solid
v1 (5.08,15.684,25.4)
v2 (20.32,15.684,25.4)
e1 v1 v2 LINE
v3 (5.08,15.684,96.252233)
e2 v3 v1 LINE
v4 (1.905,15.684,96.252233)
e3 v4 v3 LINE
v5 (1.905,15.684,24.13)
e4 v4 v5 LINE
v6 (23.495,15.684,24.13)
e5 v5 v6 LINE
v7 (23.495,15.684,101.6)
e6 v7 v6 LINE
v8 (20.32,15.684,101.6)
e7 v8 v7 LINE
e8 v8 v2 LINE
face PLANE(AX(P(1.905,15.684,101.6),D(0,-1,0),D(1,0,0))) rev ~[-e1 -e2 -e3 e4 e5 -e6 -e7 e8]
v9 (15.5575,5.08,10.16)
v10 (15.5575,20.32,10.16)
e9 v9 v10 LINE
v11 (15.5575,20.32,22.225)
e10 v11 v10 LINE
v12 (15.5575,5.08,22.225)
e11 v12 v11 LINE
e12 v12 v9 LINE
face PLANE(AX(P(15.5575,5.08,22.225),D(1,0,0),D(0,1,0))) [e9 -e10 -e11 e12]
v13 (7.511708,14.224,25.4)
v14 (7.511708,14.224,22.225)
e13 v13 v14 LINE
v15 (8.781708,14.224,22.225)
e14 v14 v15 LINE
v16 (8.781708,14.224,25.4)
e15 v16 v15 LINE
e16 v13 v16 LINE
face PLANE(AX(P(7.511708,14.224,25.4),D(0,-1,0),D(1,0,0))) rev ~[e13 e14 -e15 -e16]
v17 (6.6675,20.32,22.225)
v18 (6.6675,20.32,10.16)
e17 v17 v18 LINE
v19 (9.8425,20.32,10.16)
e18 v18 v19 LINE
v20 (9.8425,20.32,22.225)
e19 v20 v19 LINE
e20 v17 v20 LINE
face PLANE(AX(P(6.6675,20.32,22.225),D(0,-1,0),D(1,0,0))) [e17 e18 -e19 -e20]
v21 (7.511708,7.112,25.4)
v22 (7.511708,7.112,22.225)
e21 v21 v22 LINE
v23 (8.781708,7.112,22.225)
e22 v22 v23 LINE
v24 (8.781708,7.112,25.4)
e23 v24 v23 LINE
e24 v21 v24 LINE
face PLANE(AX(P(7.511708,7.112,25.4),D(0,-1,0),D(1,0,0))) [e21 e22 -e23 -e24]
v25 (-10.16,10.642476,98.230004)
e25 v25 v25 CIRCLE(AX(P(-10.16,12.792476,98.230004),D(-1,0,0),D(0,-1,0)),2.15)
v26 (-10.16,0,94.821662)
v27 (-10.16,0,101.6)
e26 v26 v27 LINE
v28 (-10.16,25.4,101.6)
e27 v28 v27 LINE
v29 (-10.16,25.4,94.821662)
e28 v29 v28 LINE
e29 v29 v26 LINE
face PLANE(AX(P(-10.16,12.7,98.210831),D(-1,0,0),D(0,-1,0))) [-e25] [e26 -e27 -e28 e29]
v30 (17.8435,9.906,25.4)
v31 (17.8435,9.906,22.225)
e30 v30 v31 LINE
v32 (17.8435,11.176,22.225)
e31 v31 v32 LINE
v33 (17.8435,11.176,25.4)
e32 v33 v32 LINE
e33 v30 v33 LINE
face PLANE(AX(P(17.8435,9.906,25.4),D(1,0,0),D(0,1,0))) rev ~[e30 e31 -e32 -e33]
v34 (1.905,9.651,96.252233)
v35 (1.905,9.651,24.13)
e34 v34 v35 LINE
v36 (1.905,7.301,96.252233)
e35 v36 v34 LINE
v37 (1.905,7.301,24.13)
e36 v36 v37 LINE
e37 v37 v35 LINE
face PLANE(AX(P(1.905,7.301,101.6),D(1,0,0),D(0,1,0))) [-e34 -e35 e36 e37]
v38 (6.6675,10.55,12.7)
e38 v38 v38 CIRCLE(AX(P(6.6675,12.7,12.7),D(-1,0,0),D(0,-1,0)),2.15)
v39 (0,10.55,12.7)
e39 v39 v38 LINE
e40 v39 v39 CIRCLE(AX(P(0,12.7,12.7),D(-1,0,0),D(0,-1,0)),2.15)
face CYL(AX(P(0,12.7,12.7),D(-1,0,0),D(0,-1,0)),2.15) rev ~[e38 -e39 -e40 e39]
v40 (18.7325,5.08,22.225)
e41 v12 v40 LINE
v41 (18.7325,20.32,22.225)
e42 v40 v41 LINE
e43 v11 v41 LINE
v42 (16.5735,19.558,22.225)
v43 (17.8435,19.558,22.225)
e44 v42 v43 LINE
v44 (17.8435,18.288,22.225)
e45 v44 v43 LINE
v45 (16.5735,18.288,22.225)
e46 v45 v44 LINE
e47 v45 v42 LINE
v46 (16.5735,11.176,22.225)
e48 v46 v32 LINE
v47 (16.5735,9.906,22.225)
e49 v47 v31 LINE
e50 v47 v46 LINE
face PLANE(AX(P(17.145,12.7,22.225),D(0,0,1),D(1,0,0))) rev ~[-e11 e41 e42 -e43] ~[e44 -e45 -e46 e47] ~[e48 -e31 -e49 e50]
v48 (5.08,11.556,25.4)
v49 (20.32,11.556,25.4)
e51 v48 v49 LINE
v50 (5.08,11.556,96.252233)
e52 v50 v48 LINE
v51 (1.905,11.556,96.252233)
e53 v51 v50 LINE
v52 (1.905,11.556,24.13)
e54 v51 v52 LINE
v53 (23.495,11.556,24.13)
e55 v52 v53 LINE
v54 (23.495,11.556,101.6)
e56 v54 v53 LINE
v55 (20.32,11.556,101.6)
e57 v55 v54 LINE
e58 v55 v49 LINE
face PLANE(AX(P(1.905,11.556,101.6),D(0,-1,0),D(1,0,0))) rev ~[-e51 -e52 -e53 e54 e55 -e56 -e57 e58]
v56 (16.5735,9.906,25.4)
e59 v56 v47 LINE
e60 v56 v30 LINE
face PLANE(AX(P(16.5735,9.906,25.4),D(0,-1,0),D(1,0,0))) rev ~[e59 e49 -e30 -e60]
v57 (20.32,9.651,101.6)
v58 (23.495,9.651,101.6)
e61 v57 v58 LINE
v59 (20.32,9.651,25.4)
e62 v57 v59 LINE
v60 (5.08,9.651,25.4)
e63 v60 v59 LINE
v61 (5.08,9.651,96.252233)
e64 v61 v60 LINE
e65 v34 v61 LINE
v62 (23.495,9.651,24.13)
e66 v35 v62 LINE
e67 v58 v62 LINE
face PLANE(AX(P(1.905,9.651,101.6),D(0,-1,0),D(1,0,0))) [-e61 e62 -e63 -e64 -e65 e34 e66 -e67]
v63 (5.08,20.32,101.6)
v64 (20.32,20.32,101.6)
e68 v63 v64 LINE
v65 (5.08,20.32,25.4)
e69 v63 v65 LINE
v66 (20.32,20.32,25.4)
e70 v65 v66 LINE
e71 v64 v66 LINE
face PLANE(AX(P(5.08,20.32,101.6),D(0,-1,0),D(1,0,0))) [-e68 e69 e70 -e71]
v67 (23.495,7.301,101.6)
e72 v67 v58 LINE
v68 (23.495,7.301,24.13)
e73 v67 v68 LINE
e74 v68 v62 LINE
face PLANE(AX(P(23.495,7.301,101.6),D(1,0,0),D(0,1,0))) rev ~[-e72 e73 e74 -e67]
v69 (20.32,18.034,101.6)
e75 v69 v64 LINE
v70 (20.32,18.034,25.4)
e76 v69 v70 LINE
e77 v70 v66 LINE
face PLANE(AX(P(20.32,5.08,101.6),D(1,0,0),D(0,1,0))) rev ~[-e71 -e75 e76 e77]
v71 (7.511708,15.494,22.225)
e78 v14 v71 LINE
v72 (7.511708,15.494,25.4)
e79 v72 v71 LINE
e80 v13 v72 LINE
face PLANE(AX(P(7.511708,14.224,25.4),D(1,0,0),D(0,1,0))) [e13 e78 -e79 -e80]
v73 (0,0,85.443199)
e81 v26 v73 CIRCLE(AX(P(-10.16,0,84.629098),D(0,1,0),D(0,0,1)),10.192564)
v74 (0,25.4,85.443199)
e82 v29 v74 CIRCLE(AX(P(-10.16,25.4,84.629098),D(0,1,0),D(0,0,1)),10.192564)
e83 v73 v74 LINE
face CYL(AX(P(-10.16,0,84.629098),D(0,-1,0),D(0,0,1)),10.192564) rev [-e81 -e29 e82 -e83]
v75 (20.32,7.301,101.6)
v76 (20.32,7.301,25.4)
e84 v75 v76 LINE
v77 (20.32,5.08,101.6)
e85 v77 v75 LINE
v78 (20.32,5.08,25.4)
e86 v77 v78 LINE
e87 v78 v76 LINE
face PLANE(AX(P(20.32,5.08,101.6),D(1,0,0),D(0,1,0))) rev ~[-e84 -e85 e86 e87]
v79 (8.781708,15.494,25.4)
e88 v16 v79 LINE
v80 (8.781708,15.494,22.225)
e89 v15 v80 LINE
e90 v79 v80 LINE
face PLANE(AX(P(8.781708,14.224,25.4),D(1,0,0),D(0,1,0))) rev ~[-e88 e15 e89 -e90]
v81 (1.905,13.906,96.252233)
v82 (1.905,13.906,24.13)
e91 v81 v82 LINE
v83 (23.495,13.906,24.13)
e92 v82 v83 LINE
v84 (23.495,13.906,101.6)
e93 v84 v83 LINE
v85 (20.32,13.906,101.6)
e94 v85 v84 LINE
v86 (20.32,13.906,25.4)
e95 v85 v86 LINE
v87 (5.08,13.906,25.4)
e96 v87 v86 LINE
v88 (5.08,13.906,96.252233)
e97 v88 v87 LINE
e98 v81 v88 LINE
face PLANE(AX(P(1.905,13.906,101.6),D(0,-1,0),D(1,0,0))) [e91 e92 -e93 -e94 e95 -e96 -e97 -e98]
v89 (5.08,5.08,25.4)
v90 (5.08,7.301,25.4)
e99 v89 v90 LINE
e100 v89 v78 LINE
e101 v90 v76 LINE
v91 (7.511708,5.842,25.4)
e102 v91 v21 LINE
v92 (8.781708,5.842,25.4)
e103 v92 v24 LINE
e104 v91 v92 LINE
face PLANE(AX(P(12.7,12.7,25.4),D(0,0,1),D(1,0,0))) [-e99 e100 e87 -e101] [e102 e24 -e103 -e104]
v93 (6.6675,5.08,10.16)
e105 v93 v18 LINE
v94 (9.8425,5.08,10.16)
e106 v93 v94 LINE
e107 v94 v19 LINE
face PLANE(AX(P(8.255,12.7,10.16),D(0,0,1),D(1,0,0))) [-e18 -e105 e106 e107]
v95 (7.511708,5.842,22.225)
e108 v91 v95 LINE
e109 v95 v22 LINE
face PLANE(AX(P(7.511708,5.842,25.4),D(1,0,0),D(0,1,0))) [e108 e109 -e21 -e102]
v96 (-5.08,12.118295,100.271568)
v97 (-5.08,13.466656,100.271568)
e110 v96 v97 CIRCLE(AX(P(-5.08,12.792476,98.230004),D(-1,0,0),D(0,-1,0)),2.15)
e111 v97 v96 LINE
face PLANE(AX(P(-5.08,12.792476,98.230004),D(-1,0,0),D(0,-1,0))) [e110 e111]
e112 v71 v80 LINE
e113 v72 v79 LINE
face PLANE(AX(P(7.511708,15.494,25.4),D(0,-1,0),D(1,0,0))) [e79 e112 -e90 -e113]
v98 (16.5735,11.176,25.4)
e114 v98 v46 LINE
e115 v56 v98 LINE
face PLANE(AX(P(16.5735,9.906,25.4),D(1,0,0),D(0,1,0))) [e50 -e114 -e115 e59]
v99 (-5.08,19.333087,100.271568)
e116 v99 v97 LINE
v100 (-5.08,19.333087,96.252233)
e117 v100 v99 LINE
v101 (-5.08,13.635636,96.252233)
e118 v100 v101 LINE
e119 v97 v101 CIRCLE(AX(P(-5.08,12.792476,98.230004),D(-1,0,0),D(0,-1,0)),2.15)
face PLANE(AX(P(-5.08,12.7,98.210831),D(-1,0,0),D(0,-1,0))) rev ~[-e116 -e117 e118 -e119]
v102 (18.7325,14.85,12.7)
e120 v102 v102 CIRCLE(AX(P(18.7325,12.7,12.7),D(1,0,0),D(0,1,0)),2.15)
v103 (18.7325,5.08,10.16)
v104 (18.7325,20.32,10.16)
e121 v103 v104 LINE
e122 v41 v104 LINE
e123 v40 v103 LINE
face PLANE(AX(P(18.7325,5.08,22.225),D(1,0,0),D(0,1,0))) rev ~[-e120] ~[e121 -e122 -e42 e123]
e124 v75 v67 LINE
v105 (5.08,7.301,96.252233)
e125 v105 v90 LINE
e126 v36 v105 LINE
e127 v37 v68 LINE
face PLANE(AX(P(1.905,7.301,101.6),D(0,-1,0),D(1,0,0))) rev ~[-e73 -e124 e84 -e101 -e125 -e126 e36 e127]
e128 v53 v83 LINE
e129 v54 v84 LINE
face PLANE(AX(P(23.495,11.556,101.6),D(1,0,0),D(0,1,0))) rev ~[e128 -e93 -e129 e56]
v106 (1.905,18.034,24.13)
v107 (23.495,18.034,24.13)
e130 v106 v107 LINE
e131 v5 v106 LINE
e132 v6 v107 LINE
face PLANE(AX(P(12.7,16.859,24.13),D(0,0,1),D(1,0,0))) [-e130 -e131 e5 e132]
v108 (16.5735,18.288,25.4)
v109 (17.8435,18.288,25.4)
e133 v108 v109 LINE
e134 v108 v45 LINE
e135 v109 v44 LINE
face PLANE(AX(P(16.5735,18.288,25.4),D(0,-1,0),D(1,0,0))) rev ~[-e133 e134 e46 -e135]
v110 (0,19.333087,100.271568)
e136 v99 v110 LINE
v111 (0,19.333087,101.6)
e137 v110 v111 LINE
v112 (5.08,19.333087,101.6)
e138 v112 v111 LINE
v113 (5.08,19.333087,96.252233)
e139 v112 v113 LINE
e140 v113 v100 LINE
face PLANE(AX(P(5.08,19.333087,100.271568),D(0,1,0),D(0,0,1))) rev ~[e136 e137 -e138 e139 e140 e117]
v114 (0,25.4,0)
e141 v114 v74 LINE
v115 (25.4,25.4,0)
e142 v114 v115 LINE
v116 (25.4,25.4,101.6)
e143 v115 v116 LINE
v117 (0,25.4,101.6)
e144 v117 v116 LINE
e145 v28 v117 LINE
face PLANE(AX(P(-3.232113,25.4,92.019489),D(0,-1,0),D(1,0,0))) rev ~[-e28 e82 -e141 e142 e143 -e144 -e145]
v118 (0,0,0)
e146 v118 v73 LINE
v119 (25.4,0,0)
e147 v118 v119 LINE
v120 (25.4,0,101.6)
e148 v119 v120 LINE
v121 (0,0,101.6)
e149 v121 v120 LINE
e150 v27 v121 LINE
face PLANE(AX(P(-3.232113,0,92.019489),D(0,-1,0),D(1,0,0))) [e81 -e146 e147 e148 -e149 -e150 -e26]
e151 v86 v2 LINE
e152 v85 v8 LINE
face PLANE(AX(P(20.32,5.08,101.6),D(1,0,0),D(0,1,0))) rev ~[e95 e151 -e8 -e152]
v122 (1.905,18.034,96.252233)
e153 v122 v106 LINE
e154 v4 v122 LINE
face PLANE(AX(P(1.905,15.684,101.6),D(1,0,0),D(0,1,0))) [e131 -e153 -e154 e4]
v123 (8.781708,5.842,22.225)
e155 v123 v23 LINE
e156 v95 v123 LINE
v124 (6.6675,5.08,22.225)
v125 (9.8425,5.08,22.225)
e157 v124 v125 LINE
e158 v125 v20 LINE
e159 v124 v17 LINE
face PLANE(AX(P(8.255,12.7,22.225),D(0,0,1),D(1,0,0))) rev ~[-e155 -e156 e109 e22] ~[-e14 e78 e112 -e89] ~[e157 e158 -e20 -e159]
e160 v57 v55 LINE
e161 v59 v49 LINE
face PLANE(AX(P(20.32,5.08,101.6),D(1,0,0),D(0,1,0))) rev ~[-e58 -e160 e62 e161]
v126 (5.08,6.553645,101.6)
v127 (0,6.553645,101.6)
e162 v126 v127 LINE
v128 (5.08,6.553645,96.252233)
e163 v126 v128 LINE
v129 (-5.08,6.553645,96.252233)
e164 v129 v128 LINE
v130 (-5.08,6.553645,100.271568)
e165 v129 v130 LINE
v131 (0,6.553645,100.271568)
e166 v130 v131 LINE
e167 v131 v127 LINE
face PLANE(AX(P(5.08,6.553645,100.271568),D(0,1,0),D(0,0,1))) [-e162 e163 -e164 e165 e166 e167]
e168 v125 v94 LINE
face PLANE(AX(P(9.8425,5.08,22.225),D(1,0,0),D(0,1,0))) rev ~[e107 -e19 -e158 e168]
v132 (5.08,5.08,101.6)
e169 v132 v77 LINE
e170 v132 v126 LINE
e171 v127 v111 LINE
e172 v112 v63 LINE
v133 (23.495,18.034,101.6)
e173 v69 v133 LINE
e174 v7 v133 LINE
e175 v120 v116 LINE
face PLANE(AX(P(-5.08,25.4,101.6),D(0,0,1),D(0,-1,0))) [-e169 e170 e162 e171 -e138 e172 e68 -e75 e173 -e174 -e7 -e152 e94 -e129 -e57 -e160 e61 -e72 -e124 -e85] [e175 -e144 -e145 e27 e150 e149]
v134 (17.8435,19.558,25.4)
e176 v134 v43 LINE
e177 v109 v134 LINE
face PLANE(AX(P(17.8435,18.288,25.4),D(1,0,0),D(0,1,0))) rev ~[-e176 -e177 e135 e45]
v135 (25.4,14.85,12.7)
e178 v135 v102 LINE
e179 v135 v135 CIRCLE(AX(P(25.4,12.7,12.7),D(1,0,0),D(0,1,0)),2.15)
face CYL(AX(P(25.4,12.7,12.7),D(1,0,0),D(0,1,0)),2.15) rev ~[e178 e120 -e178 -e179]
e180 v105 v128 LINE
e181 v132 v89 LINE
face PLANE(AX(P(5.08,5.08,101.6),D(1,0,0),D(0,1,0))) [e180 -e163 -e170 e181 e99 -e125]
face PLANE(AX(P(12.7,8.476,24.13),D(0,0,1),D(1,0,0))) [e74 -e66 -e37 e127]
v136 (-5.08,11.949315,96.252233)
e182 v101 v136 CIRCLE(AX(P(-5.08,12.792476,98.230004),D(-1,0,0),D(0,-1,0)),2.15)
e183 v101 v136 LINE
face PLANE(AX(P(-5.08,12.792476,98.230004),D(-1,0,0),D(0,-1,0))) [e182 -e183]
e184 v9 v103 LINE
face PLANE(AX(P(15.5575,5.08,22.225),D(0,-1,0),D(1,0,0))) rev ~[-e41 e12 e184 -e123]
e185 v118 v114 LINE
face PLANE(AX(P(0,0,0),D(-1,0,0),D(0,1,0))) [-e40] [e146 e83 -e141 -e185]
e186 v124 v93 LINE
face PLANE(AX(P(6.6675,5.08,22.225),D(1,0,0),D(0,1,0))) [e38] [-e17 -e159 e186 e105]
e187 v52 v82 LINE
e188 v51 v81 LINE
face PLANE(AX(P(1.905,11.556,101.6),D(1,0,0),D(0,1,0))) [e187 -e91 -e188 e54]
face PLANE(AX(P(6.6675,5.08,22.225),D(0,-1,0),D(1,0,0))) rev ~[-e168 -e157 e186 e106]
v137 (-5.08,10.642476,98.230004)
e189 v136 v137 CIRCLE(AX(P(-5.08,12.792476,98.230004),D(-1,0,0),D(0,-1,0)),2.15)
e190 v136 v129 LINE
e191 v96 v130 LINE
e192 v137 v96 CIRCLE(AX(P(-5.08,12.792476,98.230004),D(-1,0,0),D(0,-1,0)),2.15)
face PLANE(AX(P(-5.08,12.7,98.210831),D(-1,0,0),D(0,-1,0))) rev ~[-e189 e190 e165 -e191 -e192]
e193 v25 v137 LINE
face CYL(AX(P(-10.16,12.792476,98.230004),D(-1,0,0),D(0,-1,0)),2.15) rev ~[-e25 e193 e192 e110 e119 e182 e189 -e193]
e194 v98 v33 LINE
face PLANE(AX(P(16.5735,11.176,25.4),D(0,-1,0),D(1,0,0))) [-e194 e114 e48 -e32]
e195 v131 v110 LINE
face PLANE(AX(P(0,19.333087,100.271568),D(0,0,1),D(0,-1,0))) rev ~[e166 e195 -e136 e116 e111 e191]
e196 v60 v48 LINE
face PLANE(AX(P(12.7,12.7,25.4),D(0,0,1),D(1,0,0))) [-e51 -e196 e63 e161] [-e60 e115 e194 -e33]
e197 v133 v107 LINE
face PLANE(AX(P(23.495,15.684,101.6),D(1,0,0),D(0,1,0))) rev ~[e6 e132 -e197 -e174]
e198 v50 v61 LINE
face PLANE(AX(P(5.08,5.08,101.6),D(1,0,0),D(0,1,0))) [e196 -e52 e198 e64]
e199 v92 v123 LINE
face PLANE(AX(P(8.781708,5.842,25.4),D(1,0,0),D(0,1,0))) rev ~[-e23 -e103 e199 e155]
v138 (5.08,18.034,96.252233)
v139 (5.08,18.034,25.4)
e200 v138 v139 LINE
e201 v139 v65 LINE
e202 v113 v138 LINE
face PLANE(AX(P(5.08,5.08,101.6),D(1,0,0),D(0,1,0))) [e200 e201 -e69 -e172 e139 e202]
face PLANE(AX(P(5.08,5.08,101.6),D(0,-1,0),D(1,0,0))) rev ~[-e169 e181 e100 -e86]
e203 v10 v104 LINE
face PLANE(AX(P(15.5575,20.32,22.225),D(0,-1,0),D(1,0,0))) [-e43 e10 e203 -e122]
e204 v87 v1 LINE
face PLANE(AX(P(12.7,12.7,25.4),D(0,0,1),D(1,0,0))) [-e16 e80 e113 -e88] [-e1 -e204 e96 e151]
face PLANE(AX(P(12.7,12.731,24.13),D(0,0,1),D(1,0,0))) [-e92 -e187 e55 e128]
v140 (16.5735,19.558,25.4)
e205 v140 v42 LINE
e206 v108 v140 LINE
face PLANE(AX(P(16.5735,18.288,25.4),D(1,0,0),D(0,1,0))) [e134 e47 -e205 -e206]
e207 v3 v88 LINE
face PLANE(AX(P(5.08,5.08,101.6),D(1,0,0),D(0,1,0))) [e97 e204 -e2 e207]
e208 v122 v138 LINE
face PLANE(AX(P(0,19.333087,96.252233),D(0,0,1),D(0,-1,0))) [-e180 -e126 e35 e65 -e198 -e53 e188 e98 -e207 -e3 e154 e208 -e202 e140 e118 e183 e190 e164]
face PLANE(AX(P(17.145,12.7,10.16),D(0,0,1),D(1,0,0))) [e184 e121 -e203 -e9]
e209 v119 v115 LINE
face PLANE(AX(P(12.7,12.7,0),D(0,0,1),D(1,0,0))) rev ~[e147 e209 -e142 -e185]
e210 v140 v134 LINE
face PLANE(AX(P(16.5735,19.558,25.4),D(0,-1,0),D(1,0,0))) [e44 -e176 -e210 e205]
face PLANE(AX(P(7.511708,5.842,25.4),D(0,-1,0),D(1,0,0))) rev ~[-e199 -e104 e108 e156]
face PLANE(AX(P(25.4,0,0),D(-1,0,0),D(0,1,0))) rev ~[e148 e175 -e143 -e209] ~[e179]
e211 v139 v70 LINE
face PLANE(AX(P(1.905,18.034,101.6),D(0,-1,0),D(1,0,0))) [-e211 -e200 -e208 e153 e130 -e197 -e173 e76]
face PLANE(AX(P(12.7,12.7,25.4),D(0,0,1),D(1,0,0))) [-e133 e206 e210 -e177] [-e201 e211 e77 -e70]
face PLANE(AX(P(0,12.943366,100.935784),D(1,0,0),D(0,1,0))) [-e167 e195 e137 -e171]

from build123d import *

# Parameters (mm, degrees)
F0_W      = 25.4
F0_H      = 25.4
F1_DEPTH  = 101.6
F2_W      = 15.24
F2_H      = 15.24
F3_DEPTH  = 76.2
F6_START  = -3.175
F5_W      = 3.175
F5_H      = 15.24
F6_DEPTH  = 12.065
F4_R      = 2.15
F7_DEPTH  = 6.6675
F8_R      = 2.15
F9_DEPTH  = 6.6675
F10_W     = 1.27
F10_H     = 1.27
F12_DEPTH = 3.175
F11_W     = 1.27
F11_H     = 1.27
F13_DEPTH = 3.175
F14_W     = 12.7794421278
F14_H     = 4.0193349123
F15_DEPTH = 5.08
F16_W     = 25.4
F16_H     = 6.7783382893
F16_W_2   = 12.7794421278
F16_H_2   = 4.0193349123
F17_DEPTH = 5.08
F18_W     = 25.4
F18_H     = 6.7783382893
F19_DEPTH = 5.08
F20_R     = 2.15
F21_DEPTH = 5.08
F23_DEPTH = 25.4
F24_W     = 21.59
F24_H     = 2.35
F25_DEPTH = 77.47
F26_W     = 12.7794421278
F26_H     = 1.3284322977
F27_DEPTH = 5.08


with BuildPart() as f1:
    # F0 (on Top) → F1 (new body)
    with BuildSketch(Plane.XY):
        with Locations((12.7, 12.7)):
            Rectangle(F0_W, F0_H)
    extrude(amount=F1_DEPTH)

    # F2 (on face) → F3 (cut)
    with BuildSketch(Plane.XY.offset(101.6)):
        with Locations((12.7, 12.7)):
            Rectangle(F2_W, F2_H)
    extrude(amount=-F3_DEPTH, mode=Mode.SUBTRACT)

    # F5 (on face) → F6 (cut)
    with BuildSketch(Plane.XY.offset(25.4).offset(F6_START)):
        with Locations((17.145, 12.7)):
            Rectangle(F5_W, F5_H)
        with Locations((8.255, 12.7)):
            Rectangle(F5_W, F5_H)
    extrude(amount=-F6_DEPTH, mode=Mode.SUBTRACT)

    # F4 (on face) → F7 (cut, through all)
    with BuildSketch(Plane.YZ.offset(25.4)):
        with Locations((12.7, 12.7)):
            Circle(F4_R)
    extrude(amount=-F7_DEPTH, mode=Mode.SUBTRACT)

    # F8 (on face) → F9 (cut, through all)
    with BuildSketch(Plane(origin=(0, 0, 0), x_dir=(0, -1, 0), z_dir=(-1, 0, 0))):
        with Locations((-12.7, 12.7)):
            Circle(F8_R)
    extrude(amount=-F9_DEPTH, mode=Mode.SUBTRACT)

    # F10 (on face) → F12 (cut, through all)
    with BuildSketch(Plane.XY.offset(25.4)):
        with Locations((17.2085, 18.923)):
            Rectangle(F10_W, F10_H)
        with Locations((17.2085, 10.541)):
            Rectangle(F10_W, F10_H)
    extrude(amount=-F12_DEPTH, mode=Mode.SUBTRACT)

    # F11 (on face) → F13 (cut, through all)
    with BuildSketch(Plane.XY.offset(25.4)):
        with Locations((8.1467080774, 6.477)):
            Rectangle(F11_W, F11_H)
        with Locations((8.1467080774, 14.859)):
            Rectangle(F11_W, F11_H)
    extrude(amount=-F13_DEPTH, mode=Mode.SUBTRACT)

    # F14 (on face) → F15 (cut, through all)
    with BuildSketch(Plane(origin=(0, 0, 0), x_dir=(0, -1, 0), z_dir=(-1, 0, 0))):
        with Locations((-12.943365844, 98.2619002461)):
            Rectangle(F14_W, F14_H)
    extrude(amount=-F15_DEPTH, mode=Mode.SUBTRACT)

    # F16 (on face) → F17 (join)
    with BuildSketch(Plane(origin=(0, 0, 0), x_dir=(0, -1, 0), z_dir=(-1, 0, 0))):
        with Locations((-12.7, 98.2108308554)):
            Rectangle(F16_W, F16_H)
        with Locations((-12.943365844, 98.2619002461)):
            Rectangle(F16_W_2, F16_H_2, mode=Mode.SUBTRACT)
    extrude(amount=F17_DEPTH)

    # F18 (on face) → F19 (join)
    with BuildSketch(Plane(origin=(-5.08, 0, 0), x_dir=(0, -1, 0), z_dir=(-1, 0, 0))):
        with Locations((-12.7, 98.2108308554)):
            Rectangle(F18_W, F18_H)
    extrude(amount=F19_DEPTH)

    # F20 (on face) → F21 (cut)
    with BuildSketch(Plane(origin=(-10.16, 0, 0), x_dir=(0, -1, 0), z_dir=(-1, 0, 0))):
        with Locations((-12.7924755216, 98.2300043106)):
            Circle(F20_R)
    extrude(amount=-F21_DEPTH, mode=Mode.SUBTRACT)

    # F22 (on face) → F23 (join, through all)
    with BuildSketch(Plane.XZ):
        with BuildLine():
            ThreePointArc((-10.16, 94.8216617107), (-3.2465860676, 92.1186283067), (0, 85.4431986809))
            Line((0, 85.4431986809), (0, 94.8216617107))
            Line((0, 94.8216617107), (-10.16, 94.8216617107))
        make_face()
    extrude(amount=-F23_DEPTH)

    # F24 (on face) → F25 (cut)
    with BuildSketch(Plane.XY.offset(101.6)):
        with Locations((12.7, 16.859)):
            Rectangle(F24_W, F24_H)
        with Locations((12.7, 8.476)):
            Rectangle(F24_W, F24_H)
        with Locations((12.7, 12.731)):
            Rectangle(F24_W, F24_H)
    extrude(amount=-F25_DEPTH, mode=Mode.SUBTRACT)

    # F26 (on face) → F27 (cut)
    with BuildSketch(Plane.YZ.offset(5.08)):
        with Locations((12.943365844, 100.9357838511)):
            Rectangle(F26_W, F26_H)
    extrude(amount=-F27_DEPTH, mode=Mode.SUBTRACT)


solid = f1.part
